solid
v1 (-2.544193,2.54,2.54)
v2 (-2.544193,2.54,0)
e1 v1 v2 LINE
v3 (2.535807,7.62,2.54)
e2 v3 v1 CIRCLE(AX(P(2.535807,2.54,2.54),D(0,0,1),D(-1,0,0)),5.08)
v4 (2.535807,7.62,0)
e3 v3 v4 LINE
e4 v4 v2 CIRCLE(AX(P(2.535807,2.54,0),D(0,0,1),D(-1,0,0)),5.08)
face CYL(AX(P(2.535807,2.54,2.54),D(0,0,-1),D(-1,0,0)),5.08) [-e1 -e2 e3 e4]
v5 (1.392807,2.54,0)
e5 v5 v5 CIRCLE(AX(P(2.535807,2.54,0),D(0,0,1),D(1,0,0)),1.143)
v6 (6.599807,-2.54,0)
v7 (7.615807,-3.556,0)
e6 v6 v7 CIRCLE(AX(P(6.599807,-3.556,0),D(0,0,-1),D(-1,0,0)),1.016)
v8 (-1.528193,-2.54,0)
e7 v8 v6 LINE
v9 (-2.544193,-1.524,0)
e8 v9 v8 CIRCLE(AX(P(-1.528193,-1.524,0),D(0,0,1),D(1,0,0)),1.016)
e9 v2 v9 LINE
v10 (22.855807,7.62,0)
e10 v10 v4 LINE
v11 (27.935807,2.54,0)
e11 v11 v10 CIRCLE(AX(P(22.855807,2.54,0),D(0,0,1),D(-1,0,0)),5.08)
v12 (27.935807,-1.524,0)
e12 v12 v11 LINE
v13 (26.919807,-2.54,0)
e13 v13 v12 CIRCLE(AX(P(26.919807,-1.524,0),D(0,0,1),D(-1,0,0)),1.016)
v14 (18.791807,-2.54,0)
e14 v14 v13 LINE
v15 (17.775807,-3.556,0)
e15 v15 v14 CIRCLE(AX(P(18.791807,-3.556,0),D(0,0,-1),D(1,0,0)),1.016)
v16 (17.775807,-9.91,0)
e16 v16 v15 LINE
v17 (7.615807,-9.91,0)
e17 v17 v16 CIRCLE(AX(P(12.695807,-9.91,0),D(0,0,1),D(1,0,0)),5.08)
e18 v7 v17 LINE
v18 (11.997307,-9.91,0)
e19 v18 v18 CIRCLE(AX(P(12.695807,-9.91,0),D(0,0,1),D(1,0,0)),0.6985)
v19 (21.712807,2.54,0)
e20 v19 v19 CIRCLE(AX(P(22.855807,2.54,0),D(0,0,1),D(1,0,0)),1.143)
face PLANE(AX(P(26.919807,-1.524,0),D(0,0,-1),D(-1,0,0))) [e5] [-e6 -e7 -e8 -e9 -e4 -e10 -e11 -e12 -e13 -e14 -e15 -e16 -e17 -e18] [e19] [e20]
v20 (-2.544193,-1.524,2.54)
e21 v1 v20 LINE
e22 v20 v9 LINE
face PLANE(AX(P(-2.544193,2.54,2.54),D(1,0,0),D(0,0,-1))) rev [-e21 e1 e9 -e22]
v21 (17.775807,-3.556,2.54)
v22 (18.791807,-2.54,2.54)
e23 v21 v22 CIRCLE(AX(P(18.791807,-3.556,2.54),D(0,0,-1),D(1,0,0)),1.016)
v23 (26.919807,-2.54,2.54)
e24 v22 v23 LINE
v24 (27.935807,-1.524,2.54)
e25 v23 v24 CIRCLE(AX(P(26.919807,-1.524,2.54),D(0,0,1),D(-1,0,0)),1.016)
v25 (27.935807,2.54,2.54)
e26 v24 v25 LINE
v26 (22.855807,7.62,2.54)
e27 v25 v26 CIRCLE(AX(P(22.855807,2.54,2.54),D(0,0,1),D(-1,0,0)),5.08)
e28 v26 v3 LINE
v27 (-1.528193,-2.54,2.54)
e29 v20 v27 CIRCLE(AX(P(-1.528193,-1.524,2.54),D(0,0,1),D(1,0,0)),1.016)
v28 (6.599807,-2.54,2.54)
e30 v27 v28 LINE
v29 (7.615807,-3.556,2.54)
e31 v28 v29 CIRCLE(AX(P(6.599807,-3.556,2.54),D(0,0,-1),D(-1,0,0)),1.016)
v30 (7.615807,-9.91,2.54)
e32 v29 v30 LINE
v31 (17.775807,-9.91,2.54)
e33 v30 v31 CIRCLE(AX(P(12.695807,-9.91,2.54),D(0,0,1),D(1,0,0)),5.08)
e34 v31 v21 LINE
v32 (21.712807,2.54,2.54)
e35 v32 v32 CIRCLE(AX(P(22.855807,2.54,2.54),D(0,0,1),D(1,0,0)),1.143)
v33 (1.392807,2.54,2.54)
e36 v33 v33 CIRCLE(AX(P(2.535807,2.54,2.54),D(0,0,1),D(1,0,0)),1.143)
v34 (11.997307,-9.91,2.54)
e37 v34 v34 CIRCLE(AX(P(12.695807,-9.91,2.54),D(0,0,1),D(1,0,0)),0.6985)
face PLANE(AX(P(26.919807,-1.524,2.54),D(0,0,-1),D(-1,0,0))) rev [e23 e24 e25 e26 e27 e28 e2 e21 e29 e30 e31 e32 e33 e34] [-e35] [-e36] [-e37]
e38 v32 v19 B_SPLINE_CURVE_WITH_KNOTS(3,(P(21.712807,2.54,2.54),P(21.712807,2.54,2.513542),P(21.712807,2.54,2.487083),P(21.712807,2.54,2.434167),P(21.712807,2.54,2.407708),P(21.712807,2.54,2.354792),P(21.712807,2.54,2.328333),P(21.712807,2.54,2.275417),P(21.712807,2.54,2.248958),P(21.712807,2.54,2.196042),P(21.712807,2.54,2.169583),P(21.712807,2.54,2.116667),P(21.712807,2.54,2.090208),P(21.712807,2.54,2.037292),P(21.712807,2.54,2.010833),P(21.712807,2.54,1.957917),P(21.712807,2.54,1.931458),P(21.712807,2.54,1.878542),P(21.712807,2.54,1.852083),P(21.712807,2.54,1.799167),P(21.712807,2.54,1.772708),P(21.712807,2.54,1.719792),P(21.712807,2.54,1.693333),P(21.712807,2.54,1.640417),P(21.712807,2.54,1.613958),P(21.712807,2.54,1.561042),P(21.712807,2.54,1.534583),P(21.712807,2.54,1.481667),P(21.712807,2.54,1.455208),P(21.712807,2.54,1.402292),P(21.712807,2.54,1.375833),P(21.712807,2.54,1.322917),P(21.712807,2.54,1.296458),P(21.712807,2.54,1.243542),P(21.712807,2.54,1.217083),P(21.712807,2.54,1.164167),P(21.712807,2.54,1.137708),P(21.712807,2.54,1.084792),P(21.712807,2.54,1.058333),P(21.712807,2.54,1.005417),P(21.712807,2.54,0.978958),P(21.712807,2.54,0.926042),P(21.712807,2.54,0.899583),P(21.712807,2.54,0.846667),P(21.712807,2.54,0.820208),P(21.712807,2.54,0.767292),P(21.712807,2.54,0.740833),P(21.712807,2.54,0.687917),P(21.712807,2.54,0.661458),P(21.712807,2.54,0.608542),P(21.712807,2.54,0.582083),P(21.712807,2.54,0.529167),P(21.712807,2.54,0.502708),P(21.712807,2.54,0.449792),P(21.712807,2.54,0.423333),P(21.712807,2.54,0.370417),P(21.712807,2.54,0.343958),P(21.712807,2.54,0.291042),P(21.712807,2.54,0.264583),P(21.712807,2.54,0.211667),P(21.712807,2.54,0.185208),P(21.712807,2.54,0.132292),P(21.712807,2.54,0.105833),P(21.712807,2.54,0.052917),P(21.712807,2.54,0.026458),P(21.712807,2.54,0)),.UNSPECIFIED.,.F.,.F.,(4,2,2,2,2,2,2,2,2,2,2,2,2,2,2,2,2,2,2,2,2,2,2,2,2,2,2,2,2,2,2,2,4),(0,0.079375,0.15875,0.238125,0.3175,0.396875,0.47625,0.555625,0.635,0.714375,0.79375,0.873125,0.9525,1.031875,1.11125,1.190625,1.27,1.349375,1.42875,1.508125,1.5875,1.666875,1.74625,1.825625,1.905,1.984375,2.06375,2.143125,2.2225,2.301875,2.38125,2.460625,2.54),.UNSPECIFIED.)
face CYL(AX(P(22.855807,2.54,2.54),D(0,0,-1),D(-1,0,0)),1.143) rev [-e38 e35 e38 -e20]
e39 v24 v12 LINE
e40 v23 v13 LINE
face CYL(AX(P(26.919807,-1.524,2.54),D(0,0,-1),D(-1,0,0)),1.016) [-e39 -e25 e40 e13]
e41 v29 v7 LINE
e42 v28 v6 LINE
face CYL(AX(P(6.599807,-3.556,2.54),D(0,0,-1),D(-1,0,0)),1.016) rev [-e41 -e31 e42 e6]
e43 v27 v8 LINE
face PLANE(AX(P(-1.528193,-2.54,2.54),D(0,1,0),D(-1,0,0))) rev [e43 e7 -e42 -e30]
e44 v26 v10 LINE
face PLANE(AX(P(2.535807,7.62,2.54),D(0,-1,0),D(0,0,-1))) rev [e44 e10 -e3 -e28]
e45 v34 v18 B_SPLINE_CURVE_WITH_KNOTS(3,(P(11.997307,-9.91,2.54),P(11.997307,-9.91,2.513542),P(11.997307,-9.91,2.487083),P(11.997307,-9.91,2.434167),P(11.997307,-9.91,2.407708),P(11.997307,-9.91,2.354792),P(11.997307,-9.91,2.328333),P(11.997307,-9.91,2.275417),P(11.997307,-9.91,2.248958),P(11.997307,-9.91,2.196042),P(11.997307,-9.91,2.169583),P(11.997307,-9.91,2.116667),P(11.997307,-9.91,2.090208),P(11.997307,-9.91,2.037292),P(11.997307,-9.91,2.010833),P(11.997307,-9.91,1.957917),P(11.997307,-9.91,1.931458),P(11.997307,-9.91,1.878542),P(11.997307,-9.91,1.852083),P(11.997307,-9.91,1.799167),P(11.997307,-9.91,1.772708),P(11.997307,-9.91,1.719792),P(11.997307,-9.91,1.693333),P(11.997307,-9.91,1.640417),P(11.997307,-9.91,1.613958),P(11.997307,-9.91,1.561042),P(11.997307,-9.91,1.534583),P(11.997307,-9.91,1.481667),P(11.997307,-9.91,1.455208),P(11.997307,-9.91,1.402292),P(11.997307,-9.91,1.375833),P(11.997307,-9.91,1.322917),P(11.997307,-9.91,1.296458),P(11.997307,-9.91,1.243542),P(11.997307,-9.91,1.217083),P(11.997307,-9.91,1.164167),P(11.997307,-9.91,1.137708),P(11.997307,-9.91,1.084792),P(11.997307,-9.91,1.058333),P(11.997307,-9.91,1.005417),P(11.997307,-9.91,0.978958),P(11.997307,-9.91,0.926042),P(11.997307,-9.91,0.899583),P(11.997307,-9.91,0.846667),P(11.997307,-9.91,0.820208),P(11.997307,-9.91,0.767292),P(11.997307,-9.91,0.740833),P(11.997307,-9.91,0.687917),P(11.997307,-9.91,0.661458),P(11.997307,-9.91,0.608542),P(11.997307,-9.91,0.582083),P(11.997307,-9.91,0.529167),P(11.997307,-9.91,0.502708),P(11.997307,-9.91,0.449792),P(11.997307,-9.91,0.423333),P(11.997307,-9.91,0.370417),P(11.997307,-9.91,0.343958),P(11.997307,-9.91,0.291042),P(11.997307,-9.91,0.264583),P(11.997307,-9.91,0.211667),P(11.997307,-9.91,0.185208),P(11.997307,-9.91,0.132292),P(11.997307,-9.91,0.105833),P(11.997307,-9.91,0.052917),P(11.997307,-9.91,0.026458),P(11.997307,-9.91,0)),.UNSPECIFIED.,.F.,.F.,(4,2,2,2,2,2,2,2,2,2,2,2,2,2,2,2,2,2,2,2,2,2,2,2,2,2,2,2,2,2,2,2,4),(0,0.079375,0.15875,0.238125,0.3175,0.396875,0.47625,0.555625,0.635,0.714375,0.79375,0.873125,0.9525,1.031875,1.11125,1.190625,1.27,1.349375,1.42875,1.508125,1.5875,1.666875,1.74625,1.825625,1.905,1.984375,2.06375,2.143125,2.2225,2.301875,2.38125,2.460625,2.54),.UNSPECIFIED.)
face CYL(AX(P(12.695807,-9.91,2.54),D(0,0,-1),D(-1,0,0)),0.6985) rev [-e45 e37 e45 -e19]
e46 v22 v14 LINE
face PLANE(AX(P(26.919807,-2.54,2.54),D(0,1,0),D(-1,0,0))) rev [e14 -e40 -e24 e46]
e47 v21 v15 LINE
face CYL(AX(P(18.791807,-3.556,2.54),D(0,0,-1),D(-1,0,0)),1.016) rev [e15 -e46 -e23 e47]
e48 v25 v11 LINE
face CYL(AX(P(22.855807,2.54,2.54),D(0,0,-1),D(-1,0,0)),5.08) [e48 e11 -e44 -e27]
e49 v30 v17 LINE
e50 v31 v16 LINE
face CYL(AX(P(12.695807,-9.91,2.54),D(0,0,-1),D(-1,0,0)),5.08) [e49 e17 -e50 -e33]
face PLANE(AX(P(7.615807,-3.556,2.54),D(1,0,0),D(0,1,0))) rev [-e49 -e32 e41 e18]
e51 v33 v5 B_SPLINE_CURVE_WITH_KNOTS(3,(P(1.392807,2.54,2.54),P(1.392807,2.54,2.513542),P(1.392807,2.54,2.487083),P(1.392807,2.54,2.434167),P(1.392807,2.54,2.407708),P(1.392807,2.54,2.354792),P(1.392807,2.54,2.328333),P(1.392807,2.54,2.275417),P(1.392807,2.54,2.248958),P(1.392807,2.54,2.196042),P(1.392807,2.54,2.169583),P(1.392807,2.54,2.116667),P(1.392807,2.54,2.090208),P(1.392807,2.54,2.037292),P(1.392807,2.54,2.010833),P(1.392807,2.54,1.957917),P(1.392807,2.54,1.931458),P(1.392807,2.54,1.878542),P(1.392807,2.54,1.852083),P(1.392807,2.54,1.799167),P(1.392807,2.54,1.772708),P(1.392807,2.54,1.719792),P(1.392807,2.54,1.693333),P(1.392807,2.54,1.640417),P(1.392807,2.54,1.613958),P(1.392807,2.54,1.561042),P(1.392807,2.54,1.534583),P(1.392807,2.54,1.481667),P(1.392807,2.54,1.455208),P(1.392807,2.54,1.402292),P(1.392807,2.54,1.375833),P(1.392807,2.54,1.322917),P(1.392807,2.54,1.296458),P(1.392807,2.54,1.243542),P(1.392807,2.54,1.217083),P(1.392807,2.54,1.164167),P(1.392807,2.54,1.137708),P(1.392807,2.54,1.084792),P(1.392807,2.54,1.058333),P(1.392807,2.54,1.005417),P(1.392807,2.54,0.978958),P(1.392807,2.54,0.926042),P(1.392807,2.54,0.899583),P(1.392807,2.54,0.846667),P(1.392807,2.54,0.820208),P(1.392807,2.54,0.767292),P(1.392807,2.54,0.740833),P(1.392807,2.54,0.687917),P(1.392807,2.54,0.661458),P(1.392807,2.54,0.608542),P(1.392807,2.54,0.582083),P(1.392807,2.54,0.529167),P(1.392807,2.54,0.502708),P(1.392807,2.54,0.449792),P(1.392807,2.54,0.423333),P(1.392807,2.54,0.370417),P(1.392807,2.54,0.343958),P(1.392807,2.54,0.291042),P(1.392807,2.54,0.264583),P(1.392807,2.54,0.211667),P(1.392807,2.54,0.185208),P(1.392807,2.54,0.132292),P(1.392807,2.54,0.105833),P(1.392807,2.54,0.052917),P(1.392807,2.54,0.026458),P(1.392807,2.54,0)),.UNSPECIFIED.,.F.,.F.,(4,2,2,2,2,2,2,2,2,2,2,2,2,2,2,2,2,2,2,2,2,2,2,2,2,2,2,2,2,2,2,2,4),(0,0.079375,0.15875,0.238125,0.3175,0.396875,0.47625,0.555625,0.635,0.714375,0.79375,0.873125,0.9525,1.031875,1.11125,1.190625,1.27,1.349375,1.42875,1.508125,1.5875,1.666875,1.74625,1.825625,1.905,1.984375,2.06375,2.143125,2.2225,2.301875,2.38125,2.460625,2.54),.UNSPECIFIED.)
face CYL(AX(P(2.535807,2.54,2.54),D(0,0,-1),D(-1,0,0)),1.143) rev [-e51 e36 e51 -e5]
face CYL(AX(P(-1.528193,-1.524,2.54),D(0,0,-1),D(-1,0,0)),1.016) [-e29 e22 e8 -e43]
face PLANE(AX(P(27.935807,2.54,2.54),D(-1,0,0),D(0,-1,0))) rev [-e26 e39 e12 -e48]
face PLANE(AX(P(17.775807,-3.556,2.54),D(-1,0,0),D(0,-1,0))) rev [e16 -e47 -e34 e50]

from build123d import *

# Parameters (mm, degrees)
SKETCH1_R           = 1.143
SKETCH1_R_2         = 0.6985
BOSS_EXTRUDE1_DEPTH = 2.54


with BuildPart() as part:
    # Sketch1 → Boss-Extrude1 (new body)
    with BuildSketch(Plane.XY):
        with BuildLine():
            Line((-2.544193385, 2.54), (-2.544193385, -1.524))
            ThreePointArc((-2.544193385, -1.524), (-2.246613875, -2.24242049), (-1.528193385, -2.54))
            Line((-1.528193385, -2.54), (6.599806615, -2.54))
            ThreePointArc((6.599806615, -2.54), (7.318227104, -2.83757951), (7.615806615, -3.556))
            Line((7.615806615, -3.556), (7.615806615, -9.91))
            ThreePointArc((7.615806615, -9.91), (12.695806615, -14.99), (17.775806615, -9.91))
            Line((17.775806615, -9.91), (17.775806615, -3.556))
            ThreePointArc((17.775806615, -3.556), (18.073386125, -2.83757951), (18.791806615, -2.54))
            Line((18.791806615, -2.54), (26.919806615, -2.54))
            ThreePointArc((26.919806615, -2.54), (27.638227104, -2.24242049), (27.935806615, -1.524))
            Line((27.935806615, -1.524), (27.935806615, 2.54))
            ThreePointArc((27.935806615, 2.54), (26.447909063, 6.132102448), (22.855806615, 7.62))
            Line((22.855806615, 7.62), (2.535806615, 7.62))
            ThreePointArc((2.535806615, 7.62), (-1.056295834, 6.132102448), (-2.544193385, 2.54))
        make_face()
        with Locations(Location((2.535806615, 2.54, 0), (0, 0, 180))):
            Circle(SKETCH1_R, mode=Mode.SUBTRACT)
        with Locations(Location((12.695806615, -9.91, 0), (0, 0, 180))):
            Circle(SKETCH1_R_2, mode=Mode.SUBTRACT)
        with Locations(Location((22.855806615, 2.54, 0), (0, 0, 180))):
            Circle(SKETCH1_R, mode=Mode.SUBTRACT)
    extrude(amount=BOSS_EXTRUDE1_DEPTH)


solid = part.part
